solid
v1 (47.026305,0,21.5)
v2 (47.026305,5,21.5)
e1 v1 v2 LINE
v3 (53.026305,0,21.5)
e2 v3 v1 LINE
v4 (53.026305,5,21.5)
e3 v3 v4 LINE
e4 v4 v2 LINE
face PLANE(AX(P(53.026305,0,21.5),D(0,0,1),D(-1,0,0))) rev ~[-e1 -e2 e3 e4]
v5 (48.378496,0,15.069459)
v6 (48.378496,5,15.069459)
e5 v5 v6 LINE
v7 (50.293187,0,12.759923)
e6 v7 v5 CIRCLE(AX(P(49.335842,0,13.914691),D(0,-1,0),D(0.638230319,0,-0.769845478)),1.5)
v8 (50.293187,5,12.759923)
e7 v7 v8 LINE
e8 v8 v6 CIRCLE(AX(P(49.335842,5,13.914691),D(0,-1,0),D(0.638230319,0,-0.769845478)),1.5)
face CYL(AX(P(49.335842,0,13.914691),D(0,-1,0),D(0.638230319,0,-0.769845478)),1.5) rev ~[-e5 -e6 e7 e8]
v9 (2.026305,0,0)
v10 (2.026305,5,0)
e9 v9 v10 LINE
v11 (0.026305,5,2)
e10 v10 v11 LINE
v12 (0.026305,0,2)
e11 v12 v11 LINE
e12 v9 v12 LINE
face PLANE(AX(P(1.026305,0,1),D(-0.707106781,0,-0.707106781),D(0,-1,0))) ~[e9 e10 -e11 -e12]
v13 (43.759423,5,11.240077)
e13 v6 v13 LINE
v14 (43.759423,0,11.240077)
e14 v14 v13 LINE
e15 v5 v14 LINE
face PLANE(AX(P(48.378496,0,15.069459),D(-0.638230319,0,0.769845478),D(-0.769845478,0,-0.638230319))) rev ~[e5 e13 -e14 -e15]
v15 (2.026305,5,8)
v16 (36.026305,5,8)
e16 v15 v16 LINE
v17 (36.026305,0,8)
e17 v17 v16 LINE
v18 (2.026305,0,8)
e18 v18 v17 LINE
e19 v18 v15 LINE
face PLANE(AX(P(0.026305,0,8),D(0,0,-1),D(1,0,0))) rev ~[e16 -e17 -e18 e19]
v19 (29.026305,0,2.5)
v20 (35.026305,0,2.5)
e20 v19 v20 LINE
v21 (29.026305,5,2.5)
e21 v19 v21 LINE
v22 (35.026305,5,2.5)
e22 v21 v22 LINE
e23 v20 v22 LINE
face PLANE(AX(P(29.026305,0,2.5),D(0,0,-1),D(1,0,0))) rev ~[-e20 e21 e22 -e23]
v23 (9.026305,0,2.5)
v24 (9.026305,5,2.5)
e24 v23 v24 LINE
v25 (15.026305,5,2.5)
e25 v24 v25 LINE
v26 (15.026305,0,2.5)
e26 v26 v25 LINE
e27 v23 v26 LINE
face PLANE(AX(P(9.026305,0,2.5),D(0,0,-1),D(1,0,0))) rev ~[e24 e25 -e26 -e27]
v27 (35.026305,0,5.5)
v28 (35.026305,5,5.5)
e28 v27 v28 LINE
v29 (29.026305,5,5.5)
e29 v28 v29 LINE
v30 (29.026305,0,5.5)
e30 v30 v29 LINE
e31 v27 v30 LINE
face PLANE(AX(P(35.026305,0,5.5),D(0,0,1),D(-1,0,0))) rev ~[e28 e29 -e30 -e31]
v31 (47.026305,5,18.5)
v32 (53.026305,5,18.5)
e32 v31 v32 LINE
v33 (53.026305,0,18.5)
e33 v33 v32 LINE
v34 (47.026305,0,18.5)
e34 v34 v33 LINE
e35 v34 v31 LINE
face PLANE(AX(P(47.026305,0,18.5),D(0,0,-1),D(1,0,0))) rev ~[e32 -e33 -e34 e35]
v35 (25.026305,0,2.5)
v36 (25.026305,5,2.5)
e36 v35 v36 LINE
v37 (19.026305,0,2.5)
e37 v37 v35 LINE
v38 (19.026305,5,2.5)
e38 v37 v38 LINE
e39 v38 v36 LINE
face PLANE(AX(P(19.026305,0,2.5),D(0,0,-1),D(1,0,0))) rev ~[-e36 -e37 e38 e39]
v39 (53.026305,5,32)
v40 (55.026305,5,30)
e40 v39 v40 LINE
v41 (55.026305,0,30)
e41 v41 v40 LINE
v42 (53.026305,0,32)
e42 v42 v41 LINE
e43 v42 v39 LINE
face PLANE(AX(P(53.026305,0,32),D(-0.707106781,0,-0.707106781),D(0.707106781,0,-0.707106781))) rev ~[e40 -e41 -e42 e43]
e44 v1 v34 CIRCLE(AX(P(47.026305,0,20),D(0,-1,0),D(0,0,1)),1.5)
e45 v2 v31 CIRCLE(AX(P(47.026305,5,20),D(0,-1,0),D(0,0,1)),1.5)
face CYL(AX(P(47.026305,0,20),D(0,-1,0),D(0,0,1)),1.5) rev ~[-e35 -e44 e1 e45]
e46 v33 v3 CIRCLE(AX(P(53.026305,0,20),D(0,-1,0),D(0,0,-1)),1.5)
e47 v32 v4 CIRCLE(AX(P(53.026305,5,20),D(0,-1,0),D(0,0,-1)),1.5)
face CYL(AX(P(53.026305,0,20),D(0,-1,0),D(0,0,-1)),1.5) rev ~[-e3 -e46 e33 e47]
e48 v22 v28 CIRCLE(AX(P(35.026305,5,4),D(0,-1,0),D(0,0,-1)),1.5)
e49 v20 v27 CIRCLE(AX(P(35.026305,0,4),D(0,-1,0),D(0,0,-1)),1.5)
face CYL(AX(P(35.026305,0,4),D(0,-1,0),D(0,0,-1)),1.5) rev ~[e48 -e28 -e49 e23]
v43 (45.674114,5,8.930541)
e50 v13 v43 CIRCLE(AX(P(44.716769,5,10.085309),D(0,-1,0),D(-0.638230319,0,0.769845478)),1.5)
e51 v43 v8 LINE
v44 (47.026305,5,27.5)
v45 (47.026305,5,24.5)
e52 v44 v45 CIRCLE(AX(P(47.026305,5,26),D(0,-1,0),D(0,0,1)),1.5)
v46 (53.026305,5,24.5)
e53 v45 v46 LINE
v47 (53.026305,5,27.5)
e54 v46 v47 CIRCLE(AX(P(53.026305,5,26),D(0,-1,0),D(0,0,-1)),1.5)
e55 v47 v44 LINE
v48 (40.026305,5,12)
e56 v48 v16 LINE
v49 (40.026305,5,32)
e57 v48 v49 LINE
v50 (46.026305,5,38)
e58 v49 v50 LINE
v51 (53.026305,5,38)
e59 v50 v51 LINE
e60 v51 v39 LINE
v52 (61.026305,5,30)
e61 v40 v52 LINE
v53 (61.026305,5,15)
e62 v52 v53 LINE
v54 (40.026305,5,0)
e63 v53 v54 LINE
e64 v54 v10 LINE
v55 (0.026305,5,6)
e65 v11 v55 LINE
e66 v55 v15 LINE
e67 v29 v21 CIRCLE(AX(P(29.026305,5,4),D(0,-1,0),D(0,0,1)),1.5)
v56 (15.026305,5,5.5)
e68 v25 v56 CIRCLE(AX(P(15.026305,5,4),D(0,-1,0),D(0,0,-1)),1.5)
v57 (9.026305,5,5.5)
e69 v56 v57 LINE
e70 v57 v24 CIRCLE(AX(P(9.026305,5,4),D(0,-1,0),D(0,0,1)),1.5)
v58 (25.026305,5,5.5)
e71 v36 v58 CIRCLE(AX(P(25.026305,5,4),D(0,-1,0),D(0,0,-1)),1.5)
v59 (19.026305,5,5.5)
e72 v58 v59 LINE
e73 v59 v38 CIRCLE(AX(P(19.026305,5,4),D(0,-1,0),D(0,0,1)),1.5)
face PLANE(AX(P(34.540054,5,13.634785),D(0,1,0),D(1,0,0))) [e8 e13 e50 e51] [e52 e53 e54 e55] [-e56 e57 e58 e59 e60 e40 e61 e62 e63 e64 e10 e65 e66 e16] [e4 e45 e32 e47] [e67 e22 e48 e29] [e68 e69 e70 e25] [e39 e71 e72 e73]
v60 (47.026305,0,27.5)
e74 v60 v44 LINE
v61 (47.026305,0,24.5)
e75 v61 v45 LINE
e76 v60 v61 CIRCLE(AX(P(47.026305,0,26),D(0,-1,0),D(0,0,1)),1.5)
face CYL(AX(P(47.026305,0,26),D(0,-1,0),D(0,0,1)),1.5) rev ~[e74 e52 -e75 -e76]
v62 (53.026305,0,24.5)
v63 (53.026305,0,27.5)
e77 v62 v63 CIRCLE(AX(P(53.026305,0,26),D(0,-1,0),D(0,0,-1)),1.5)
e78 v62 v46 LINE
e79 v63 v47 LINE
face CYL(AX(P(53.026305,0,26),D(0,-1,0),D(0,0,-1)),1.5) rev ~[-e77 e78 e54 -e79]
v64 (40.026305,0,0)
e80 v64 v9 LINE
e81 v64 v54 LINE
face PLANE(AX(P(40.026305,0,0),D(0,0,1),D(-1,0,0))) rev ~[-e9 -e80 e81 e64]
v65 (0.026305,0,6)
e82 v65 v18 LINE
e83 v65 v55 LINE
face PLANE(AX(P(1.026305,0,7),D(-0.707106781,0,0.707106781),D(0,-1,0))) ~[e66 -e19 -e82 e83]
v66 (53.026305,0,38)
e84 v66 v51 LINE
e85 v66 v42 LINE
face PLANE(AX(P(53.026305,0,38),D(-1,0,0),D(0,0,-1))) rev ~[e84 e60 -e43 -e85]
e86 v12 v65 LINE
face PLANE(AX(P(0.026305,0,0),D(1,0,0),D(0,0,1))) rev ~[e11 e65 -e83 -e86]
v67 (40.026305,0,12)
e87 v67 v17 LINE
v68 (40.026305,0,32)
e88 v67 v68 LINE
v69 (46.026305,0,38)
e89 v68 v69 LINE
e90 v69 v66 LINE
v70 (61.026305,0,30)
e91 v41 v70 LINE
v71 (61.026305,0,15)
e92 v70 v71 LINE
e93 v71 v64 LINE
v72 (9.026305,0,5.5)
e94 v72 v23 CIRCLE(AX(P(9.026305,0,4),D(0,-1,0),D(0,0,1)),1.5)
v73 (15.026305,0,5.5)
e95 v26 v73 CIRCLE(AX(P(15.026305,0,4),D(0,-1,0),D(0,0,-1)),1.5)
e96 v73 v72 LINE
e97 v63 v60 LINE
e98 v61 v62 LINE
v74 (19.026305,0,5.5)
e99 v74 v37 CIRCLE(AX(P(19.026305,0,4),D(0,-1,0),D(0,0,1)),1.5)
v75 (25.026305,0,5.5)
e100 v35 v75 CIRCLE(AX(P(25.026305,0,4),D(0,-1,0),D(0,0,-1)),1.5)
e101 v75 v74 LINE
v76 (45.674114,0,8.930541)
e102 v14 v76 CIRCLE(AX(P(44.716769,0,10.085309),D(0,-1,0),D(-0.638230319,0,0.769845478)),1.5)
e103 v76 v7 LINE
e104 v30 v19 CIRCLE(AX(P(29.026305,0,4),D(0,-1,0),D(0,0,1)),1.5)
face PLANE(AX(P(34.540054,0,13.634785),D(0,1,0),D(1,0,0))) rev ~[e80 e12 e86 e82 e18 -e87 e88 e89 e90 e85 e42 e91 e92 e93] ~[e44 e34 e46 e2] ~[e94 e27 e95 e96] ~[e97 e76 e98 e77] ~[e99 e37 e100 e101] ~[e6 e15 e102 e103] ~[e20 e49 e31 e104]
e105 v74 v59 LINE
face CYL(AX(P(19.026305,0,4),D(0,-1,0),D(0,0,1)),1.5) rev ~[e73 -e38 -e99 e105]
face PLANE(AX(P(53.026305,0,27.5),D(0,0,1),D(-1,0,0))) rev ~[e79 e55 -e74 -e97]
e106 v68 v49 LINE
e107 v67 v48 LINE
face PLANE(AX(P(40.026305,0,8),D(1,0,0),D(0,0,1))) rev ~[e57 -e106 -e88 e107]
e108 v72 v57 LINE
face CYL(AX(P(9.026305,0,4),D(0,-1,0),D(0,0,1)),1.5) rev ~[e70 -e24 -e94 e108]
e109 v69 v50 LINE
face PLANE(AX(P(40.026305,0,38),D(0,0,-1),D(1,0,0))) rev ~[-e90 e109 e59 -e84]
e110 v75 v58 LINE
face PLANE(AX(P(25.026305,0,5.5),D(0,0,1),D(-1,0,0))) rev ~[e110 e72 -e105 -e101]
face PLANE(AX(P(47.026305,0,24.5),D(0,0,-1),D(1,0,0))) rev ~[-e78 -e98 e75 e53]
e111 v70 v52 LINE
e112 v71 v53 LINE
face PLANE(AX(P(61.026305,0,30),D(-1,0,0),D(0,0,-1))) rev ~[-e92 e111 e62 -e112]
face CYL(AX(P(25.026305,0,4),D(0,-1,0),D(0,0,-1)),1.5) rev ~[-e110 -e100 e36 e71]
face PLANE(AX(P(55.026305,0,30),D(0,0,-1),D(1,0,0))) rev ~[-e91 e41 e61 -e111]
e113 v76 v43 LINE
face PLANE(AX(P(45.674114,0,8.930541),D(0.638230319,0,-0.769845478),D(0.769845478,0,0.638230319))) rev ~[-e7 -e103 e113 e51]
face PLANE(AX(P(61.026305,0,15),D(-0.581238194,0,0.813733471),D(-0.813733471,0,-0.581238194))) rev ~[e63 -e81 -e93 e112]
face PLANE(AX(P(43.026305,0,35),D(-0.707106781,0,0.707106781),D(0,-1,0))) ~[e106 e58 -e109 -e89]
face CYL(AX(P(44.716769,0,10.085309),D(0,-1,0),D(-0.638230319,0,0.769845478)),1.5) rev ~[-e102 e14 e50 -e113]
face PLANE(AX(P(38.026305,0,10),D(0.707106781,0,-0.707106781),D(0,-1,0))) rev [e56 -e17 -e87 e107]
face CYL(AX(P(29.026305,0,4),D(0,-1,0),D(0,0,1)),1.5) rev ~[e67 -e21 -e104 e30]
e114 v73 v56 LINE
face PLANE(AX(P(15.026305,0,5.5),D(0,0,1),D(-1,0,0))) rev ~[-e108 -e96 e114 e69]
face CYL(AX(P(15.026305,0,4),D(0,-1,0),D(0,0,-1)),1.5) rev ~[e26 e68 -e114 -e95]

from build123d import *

# Parameters (mm, degrees)
BOSS_EXTRUDE1_DEPTH = 5
CHAMFER1_SIZE       = 2
CHAMFER2_SIZE       = 6
CHAMFER3_SIZE       = 4


with BuildPart() as part:
    # Sketch2 → Boss-Extrude1 (new body)
    with BuildSketch(Plane(origin=(0, 0, 0), x_dir=(1, 0, 0), z_dir=(0, 1, 0))):
        Polygon((40.026305405, 0), (0.026305405, 0), (0.026305405, -8), (40.026305405, -8), (40.026305405, -38), (53.026305405, -38), (53.026305405, -32), (55.026305405, -30), (61.026305405, -30), (61.026305405, -15), align=None)
        with BuildLine():
            ThreePointArc((47.026305405, -27.5), (45.526305405, -26), (47.026305405, -24.5))
            Line((47.026305405, -24.5), (53.026305405, -24.5))
            ThreePointArc((53.026305405, -24.5), (54.526305405, -26), (53.026305405, -27.5))
            Line((53.026305405, -27.5), (47.026305405, -27.5))
        make_face(mode=Mode.SUBTRACT)
        with BuildLine():
            ThreePointArc((47.026305405, -21.5), (45.526305405, -20), (47.026305405, -18.5))
            Line((47.026305405, -18.5), (53.026305405, -18.5))
            ThreePointArc((53.026305405, -18.5), (54.526305405, -20), (53.026305405, -21.5))
            Line((53.026305405, -21.5), (47.026305405, -21.5))
        make_face(mode=Mode.SUBTRACT)
        with BuildLine():
            ThreePointArc((9.026305405, -5.5), (7.526305405, -4), (9.026305405, -2.5))
            Line((9.026305405, -2.5), (15.026305405, -2.5))
            ThreePointArc((15.026305405, -2.5), (16.526305405, -4), (15.026305405, -5.5))
            Line((15.026305405, -5.5), (9.026305405, -5.5))
        make_face(mode=Mode.SUBTRACT)
        with BuildLine():
            ThreePointArc((19.026305405, -5.5), (17.526305405, -4), (19.026305405, -2.5))
            Line((19.026305405, -2.5), (25.026305405, -2.5))
            ThreePointArc((25.026305405, -2.5), (26.526305405, -4), (25.026305405, -5.5))
            Line((25.026305405, -5.5), (19.026305405, -5.5))
        make_face(mode=Mode.SUBTRACT)
        with BuildLine():
            ThreePointArc((43.759423492, -11.240077261), (43.562000753, -9.127963566), (45.674114448, -8.930540827))
            Line((45.674114448, -8.930540827), (50.293187317, -12.759922739))
            ThreePointArc((50.293187317, -12.759922739), (50.490610056, -14.872036434), (48.378496361, -15.069459173))
            Line((48.378496361, -15.069459173), (43.759423492, -11.240077261))
        make_face(mode=Mode.SUBTRACT)
        with BuildLine():
            ThreePointArc((29.026305405, -5.5), (27.526305405, -4), (29.026305405, -2.5))
            Line((29.026305405, -2.5), (35.026305405, -2.5))
            ThreePointArc((35.026305405, -2.5), (36.526305405, -4), (35.026305405, -5.5))
            Line((35.026305405, -5.5), (29.026305405, -5.5))
        make_face(mode=Mode.SUBTRACT)
    extrude(amount=BOSS_EXTRUDE1_DEPTH)

    # Chamfer1
    chamfer1_edges = [part.edges().sort_by_distance(p)[0] for p in [
        (0.026305405, 2.5, 8),
        (0.026305405, 2.5, 0),
    ]]
    chamfer(chamfer1_edges, length=CHAMFER1_SIZE)

    # Chamfer2
    chamfer2_edges = [part.edges().sort_by_distance(p)[0] for p in [
        (40.026305405, 2.5, 38),
    ]]
    chamfer(chamfer2_edges, length=CHAMFER2_SIZE)

    # Chamfer3
    chamfer3_edges = [part.edges().sort_by_distance(p)[0] for p in [
        (40.026305405, 2.5, 8),
    ]]
    chamfer(chamfer3_edges, length=CHAMFER3_SIZE)


solid = part.part
